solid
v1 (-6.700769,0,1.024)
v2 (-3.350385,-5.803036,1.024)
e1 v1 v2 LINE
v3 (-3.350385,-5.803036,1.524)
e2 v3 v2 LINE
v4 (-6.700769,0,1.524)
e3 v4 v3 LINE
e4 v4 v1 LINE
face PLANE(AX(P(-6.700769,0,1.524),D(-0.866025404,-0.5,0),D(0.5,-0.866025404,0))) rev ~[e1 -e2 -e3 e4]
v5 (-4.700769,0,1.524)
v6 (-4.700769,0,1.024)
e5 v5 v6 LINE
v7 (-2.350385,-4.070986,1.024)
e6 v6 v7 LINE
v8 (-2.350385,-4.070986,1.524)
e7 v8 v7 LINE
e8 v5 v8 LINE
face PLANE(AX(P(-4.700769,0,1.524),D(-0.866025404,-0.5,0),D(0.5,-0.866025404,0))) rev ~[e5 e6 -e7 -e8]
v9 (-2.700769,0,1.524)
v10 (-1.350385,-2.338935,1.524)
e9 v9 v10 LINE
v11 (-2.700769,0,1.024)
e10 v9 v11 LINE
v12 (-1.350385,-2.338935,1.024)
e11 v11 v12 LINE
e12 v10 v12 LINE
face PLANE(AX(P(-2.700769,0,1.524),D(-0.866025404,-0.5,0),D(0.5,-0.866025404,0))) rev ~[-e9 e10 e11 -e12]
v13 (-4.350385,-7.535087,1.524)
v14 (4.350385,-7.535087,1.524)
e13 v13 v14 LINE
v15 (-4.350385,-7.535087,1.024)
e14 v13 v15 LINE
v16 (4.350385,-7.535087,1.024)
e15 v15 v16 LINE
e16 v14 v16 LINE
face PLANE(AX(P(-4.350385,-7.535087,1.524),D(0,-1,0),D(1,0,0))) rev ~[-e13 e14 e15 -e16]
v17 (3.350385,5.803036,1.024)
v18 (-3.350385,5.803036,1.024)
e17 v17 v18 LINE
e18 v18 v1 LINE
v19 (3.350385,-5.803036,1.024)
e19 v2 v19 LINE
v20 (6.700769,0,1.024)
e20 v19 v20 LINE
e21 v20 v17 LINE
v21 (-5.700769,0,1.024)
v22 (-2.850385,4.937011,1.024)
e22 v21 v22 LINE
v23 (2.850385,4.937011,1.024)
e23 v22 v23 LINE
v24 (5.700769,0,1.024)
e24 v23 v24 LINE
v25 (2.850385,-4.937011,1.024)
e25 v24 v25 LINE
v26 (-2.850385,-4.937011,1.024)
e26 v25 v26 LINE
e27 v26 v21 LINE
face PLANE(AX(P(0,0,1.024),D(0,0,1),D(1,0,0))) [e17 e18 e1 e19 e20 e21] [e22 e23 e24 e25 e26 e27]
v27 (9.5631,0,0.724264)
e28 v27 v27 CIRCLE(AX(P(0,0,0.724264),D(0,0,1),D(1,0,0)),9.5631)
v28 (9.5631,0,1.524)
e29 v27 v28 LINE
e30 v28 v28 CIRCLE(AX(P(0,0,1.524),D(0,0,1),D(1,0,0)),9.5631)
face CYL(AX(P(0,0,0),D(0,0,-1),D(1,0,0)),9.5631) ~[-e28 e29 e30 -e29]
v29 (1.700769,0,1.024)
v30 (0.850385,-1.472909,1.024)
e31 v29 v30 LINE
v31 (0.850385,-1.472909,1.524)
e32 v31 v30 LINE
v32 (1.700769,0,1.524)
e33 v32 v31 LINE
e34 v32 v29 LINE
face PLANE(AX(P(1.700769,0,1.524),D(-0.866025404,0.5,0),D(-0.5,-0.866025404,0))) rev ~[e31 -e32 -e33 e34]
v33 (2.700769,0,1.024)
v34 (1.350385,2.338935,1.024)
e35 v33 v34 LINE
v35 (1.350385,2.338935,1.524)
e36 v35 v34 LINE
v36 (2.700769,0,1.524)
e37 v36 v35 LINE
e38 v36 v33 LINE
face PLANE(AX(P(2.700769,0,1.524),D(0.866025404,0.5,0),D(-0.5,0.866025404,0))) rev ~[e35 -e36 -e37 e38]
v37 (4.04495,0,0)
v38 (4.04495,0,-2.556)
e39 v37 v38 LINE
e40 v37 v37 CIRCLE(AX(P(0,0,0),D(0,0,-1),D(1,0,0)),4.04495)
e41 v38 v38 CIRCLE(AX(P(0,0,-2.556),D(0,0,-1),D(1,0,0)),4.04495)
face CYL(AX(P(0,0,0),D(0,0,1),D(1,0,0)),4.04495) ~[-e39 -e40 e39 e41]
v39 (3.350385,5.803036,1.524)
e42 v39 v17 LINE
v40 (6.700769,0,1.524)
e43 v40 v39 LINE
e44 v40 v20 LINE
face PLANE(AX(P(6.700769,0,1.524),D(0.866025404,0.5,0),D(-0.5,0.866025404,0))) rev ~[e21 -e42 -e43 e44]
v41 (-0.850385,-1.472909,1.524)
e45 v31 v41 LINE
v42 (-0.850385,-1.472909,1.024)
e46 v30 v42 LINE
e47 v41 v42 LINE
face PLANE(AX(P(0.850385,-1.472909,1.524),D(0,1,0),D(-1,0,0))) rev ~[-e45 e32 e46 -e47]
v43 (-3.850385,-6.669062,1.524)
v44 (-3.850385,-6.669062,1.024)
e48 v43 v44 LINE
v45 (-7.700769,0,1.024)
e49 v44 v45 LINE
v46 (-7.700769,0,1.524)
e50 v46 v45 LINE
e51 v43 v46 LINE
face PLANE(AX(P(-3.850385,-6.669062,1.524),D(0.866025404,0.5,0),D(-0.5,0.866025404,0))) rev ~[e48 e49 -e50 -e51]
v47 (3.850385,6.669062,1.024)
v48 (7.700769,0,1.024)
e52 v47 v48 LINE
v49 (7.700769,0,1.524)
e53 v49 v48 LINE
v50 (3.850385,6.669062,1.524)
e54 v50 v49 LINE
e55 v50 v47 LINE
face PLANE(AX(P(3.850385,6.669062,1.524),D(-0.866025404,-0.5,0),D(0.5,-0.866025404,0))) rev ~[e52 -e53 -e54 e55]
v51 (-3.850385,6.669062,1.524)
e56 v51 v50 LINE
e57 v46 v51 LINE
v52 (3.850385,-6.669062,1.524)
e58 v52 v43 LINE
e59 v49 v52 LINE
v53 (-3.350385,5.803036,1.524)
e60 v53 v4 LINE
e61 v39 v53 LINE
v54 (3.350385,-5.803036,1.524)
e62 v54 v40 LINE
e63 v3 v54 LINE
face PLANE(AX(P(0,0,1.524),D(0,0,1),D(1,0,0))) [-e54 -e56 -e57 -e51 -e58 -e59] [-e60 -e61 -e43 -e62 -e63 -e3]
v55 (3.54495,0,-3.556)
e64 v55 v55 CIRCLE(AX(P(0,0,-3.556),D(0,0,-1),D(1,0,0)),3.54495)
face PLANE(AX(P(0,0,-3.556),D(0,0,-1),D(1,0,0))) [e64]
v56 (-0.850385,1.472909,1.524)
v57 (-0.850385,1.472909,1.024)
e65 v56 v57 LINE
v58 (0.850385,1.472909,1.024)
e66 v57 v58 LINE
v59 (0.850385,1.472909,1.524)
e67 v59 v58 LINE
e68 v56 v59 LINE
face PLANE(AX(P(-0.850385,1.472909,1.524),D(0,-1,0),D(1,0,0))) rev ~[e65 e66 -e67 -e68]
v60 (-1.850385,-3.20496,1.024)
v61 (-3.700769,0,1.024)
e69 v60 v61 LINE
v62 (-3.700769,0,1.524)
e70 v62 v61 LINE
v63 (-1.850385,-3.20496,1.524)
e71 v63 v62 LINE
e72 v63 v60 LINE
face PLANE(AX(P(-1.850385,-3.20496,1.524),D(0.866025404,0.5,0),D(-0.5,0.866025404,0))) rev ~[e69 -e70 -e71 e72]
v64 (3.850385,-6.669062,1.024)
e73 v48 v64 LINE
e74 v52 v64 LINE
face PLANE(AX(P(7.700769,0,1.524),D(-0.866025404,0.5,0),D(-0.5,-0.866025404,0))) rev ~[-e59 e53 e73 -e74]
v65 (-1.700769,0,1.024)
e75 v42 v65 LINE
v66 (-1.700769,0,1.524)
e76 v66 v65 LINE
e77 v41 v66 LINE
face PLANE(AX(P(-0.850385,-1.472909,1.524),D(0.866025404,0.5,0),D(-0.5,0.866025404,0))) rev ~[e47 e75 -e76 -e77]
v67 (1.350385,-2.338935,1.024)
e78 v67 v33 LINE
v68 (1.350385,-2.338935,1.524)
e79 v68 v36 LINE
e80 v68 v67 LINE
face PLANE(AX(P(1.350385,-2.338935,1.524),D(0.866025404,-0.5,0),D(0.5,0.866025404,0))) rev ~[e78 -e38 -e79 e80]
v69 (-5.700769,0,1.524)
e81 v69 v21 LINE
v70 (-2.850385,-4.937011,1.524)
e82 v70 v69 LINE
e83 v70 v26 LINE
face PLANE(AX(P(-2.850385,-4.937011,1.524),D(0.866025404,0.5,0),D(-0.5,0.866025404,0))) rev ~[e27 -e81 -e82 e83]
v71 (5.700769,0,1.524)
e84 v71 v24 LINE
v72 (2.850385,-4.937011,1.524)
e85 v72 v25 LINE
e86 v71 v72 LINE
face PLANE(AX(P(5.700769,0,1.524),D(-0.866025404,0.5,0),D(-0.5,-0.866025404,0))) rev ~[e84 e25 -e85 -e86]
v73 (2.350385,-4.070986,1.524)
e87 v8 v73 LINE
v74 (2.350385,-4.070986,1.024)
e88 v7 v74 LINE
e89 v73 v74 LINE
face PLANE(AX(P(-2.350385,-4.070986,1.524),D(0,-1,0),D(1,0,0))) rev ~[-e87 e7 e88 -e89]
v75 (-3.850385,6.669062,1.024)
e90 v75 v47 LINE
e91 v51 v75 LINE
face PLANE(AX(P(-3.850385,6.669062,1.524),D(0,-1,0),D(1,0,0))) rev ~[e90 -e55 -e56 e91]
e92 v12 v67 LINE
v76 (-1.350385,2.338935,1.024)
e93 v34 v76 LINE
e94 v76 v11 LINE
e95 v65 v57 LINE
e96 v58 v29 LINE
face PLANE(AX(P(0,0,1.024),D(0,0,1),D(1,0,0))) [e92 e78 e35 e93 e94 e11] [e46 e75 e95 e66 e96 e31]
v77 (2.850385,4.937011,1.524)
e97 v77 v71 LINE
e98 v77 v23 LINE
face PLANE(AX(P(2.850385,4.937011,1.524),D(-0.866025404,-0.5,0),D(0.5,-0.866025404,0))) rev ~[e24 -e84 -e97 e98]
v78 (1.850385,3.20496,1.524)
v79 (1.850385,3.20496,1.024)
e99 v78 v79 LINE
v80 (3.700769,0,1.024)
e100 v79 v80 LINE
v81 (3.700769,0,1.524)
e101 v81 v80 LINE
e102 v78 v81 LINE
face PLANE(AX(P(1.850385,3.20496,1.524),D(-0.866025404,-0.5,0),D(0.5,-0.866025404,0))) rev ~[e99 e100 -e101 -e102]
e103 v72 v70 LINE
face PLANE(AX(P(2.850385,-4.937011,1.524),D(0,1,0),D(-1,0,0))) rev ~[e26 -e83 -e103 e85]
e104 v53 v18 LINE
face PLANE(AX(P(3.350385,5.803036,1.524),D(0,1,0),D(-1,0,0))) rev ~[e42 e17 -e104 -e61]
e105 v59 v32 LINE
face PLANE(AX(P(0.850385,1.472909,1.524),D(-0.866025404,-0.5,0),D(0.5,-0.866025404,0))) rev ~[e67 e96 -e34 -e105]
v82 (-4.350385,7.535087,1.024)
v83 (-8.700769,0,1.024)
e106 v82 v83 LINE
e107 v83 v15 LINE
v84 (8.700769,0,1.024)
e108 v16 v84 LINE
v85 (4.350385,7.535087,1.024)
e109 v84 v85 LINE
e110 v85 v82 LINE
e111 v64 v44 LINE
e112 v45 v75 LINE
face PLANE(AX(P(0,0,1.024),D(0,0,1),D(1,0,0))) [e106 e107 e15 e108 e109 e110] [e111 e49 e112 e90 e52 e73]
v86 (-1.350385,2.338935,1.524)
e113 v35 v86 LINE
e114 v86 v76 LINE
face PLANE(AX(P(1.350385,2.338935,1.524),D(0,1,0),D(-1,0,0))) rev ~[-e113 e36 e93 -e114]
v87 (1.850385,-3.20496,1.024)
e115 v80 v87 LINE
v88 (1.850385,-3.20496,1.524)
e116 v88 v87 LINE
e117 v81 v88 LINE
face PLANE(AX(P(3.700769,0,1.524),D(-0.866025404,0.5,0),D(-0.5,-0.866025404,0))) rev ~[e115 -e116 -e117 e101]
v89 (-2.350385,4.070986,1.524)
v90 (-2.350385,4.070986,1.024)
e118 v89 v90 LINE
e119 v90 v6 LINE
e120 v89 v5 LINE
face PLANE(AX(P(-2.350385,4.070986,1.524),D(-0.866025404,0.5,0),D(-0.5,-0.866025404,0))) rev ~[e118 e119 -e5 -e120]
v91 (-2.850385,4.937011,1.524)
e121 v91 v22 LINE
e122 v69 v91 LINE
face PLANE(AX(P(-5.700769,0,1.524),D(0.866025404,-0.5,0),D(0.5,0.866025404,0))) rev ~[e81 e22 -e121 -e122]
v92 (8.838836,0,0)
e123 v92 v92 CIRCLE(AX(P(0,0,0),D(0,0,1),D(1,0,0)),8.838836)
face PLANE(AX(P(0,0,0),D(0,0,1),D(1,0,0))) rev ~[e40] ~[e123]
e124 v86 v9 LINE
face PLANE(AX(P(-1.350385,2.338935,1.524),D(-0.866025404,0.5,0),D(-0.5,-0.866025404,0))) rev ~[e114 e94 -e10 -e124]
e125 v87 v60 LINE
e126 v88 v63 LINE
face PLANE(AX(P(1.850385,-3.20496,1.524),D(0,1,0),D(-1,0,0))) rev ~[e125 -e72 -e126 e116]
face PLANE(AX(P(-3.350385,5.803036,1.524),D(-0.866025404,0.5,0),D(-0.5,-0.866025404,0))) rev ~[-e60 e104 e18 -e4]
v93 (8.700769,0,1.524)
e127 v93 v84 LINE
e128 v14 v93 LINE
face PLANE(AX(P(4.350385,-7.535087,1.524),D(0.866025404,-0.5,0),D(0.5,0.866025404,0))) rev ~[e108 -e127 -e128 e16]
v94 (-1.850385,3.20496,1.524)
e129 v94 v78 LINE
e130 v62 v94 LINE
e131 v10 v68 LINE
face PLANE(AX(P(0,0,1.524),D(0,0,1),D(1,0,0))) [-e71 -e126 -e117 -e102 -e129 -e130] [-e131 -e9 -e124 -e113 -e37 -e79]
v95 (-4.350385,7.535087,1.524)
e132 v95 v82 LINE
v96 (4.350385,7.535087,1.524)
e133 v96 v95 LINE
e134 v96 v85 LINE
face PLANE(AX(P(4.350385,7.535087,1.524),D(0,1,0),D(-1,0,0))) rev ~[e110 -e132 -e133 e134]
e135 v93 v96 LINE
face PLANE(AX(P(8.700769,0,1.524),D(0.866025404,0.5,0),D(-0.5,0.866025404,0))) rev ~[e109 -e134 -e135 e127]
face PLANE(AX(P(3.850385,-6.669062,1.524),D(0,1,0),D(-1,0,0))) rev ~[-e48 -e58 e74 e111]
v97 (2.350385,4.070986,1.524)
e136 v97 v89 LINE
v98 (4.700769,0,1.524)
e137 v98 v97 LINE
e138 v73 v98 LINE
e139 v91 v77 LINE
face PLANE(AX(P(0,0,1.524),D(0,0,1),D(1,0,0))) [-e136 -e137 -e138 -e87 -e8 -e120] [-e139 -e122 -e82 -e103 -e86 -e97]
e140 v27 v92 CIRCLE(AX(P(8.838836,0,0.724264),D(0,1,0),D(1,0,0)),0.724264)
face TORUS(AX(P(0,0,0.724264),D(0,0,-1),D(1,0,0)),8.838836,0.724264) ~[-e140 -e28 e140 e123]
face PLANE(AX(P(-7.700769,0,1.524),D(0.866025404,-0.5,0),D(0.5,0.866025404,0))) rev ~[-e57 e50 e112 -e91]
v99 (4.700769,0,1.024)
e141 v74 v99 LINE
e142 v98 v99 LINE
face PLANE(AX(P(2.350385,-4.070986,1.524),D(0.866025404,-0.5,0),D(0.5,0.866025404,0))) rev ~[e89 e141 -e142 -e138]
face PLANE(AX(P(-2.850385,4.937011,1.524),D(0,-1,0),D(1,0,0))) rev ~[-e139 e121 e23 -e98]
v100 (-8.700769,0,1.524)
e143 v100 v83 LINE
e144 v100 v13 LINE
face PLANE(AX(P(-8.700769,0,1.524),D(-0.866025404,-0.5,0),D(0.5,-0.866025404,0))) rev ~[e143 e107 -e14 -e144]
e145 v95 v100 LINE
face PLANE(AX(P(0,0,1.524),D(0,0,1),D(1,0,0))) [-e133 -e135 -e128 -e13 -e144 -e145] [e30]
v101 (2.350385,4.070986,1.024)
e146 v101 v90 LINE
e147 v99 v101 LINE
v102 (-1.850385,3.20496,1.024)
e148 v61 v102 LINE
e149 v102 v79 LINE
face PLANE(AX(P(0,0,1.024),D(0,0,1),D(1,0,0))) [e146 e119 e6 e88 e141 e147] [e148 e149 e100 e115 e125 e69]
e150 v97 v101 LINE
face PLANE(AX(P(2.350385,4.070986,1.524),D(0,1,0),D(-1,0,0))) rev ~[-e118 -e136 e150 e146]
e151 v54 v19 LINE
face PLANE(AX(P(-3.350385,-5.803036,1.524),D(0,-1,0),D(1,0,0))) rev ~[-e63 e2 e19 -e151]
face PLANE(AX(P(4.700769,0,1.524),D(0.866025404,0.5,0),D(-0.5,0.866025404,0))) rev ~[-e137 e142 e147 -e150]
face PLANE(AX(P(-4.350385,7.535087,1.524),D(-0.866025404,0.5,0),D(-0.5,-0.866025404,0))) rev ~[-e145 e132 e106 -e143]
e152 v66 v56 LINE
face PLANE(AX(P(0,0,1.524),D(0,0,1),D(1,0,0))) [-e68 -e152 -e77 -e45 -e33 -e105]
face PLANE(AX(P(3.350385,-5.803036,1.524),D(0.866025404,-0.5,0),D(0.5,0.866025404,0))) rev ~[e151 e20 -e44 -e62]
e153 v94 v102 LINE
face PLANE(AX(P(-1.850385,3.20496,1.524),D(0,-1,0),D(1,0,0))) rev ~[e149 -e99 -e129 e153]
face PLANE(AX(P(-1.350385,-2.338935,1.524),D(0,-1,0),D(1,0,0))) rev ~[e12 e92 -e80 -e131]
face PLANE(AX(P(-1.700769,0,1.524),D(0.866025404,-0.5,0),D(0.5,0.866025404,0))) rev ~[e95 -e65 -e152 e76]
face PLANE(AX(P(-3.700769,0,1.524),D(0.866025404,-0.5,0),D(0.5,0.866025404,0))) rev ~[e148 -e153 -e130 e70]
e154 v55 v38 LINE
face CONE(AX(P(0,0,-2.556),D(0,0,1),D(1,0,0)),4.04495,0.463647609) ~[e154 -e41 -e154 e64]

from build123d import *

# Parameters (mm, degrees)
F0_R     = 9.5631
F1_DEPTH = 1.524
F3_DEPTH = 0.5
F4_R     = 4.04495
F5_DEPTH = 3.556
F6_R     = 0.7242640687
F7_SIZE2 = 1
F7_SIZE  = 0.5


with BuildPart() as f1:
    # F0 (on Top) → F1 (new body)
    with BuildSketch(Plane.XY):
        Circle(F0_R)
    extrude(amount=F1_DEPTH)

    # F2 (on face) → F3 (cut)
    with BuildSketch(Plane.XY.offset(1.524)):
        Polygon((8.7007693222, 0), (4.3503846611, 7.5350872655), (-4.3503846611, 7.5350872655), (-8.7007693222, 0), (-4.3503846611, -7.5350872655), (4.3503846611, -7.5350872655), align=None)
        Polygon((-7.7007693222, 0), (-3.8503846611, 6.6690618617), (3.8503846611, 6.6690618617), (7.7007693222, 0), (3.8503846611, -6.6690618617), (-3.8503846611, -6.6690618617), align=None, mode=Mode.SUBTRACT)
        Polygon((3.3503846611, 5.8030364579), (-3.3503846611, 5.8030364579), (-6.7007693222, 0), (-3.3503846611, -5.8030364579), (3.3503846611, -5.8030364579), (6.7007693222, 0), align=None)
        Polygon((-5.7007693222, 0), (-2.8503846611, 4.9370110541), (2.8503846611, 4.9370110541), (5.7007693222, 0), (2.8503846611, -4.9370110541), (-2.8503846611, -4.9370110541), align=None, mode=Mode.SUBTRACT)
        Polygon((2.3503846611, 4.0709856503), (-2.3503846611, 4.0709856503), (-4.7007693222, 0), (-2.3503846611, -4.0709856503), (2.3503846611, -4.0709856503), (4.7007693222, 0), align=None)
        Polygon((-3.7007693222, 0), (-1.8503846611, 3.2049602465), (1.8503846611, 3.2049602465), (3.7007693222, 0), (1.8503846611, -3.2049602465), (-1.8503846611, -3.2049602465), align=None, mode=Mode.SUBTRACT)
        Polygon((1.3503846611, 2.3389348427), (-1.3503846611, 2.3389348427), (-2.7007693222, 0), (-1.3503846611, -2.3389348427), (1.3503846611, -2.3389348427), (2.7007693222, 0), align=None)
        Polygon((-1.7007693222, 0), (-0.8503846611, 1.472909439), (0.8503846611, 1.472909439), (1.7007693222, 0), (0.8503846611, -1.472909439), (-0.8503846611, -1.472909439), align=None, mode=Mode.SUBTRACT)
    extrude(amount=-F3_DEPTH, mode=Mode.SUBTRACT)

    # F4 (on face) → F5 (join)
    with BuildSketch(Plane(origin=(0, 0, 0), x_dir=(1, 0, 0), z_dir=(0, 0, -1))):
        Circle(F4_R)
    extrude(amount=F5_DEPTH)

    # F6
    f6_edges = [f1.edges().sort_by_distance(p)[0] for p in [
        (-9.5631, 0, 0),
    ]]
    fillet(f6_edges, radius=F6_R)

    # F7
    f7_edges = [f1.edges().sort_by_distance(p)[0] for p in [
        (-4.04495, 0, -3.556),
    ]]
    f7_side = f1.faces().sort_by_distance((0, 0, -3.556))[0]
    chamfer(f7_edges, length=F7_SIZE, length2=F7_SIZE2, reference=f7_side)


solid = f1.part
